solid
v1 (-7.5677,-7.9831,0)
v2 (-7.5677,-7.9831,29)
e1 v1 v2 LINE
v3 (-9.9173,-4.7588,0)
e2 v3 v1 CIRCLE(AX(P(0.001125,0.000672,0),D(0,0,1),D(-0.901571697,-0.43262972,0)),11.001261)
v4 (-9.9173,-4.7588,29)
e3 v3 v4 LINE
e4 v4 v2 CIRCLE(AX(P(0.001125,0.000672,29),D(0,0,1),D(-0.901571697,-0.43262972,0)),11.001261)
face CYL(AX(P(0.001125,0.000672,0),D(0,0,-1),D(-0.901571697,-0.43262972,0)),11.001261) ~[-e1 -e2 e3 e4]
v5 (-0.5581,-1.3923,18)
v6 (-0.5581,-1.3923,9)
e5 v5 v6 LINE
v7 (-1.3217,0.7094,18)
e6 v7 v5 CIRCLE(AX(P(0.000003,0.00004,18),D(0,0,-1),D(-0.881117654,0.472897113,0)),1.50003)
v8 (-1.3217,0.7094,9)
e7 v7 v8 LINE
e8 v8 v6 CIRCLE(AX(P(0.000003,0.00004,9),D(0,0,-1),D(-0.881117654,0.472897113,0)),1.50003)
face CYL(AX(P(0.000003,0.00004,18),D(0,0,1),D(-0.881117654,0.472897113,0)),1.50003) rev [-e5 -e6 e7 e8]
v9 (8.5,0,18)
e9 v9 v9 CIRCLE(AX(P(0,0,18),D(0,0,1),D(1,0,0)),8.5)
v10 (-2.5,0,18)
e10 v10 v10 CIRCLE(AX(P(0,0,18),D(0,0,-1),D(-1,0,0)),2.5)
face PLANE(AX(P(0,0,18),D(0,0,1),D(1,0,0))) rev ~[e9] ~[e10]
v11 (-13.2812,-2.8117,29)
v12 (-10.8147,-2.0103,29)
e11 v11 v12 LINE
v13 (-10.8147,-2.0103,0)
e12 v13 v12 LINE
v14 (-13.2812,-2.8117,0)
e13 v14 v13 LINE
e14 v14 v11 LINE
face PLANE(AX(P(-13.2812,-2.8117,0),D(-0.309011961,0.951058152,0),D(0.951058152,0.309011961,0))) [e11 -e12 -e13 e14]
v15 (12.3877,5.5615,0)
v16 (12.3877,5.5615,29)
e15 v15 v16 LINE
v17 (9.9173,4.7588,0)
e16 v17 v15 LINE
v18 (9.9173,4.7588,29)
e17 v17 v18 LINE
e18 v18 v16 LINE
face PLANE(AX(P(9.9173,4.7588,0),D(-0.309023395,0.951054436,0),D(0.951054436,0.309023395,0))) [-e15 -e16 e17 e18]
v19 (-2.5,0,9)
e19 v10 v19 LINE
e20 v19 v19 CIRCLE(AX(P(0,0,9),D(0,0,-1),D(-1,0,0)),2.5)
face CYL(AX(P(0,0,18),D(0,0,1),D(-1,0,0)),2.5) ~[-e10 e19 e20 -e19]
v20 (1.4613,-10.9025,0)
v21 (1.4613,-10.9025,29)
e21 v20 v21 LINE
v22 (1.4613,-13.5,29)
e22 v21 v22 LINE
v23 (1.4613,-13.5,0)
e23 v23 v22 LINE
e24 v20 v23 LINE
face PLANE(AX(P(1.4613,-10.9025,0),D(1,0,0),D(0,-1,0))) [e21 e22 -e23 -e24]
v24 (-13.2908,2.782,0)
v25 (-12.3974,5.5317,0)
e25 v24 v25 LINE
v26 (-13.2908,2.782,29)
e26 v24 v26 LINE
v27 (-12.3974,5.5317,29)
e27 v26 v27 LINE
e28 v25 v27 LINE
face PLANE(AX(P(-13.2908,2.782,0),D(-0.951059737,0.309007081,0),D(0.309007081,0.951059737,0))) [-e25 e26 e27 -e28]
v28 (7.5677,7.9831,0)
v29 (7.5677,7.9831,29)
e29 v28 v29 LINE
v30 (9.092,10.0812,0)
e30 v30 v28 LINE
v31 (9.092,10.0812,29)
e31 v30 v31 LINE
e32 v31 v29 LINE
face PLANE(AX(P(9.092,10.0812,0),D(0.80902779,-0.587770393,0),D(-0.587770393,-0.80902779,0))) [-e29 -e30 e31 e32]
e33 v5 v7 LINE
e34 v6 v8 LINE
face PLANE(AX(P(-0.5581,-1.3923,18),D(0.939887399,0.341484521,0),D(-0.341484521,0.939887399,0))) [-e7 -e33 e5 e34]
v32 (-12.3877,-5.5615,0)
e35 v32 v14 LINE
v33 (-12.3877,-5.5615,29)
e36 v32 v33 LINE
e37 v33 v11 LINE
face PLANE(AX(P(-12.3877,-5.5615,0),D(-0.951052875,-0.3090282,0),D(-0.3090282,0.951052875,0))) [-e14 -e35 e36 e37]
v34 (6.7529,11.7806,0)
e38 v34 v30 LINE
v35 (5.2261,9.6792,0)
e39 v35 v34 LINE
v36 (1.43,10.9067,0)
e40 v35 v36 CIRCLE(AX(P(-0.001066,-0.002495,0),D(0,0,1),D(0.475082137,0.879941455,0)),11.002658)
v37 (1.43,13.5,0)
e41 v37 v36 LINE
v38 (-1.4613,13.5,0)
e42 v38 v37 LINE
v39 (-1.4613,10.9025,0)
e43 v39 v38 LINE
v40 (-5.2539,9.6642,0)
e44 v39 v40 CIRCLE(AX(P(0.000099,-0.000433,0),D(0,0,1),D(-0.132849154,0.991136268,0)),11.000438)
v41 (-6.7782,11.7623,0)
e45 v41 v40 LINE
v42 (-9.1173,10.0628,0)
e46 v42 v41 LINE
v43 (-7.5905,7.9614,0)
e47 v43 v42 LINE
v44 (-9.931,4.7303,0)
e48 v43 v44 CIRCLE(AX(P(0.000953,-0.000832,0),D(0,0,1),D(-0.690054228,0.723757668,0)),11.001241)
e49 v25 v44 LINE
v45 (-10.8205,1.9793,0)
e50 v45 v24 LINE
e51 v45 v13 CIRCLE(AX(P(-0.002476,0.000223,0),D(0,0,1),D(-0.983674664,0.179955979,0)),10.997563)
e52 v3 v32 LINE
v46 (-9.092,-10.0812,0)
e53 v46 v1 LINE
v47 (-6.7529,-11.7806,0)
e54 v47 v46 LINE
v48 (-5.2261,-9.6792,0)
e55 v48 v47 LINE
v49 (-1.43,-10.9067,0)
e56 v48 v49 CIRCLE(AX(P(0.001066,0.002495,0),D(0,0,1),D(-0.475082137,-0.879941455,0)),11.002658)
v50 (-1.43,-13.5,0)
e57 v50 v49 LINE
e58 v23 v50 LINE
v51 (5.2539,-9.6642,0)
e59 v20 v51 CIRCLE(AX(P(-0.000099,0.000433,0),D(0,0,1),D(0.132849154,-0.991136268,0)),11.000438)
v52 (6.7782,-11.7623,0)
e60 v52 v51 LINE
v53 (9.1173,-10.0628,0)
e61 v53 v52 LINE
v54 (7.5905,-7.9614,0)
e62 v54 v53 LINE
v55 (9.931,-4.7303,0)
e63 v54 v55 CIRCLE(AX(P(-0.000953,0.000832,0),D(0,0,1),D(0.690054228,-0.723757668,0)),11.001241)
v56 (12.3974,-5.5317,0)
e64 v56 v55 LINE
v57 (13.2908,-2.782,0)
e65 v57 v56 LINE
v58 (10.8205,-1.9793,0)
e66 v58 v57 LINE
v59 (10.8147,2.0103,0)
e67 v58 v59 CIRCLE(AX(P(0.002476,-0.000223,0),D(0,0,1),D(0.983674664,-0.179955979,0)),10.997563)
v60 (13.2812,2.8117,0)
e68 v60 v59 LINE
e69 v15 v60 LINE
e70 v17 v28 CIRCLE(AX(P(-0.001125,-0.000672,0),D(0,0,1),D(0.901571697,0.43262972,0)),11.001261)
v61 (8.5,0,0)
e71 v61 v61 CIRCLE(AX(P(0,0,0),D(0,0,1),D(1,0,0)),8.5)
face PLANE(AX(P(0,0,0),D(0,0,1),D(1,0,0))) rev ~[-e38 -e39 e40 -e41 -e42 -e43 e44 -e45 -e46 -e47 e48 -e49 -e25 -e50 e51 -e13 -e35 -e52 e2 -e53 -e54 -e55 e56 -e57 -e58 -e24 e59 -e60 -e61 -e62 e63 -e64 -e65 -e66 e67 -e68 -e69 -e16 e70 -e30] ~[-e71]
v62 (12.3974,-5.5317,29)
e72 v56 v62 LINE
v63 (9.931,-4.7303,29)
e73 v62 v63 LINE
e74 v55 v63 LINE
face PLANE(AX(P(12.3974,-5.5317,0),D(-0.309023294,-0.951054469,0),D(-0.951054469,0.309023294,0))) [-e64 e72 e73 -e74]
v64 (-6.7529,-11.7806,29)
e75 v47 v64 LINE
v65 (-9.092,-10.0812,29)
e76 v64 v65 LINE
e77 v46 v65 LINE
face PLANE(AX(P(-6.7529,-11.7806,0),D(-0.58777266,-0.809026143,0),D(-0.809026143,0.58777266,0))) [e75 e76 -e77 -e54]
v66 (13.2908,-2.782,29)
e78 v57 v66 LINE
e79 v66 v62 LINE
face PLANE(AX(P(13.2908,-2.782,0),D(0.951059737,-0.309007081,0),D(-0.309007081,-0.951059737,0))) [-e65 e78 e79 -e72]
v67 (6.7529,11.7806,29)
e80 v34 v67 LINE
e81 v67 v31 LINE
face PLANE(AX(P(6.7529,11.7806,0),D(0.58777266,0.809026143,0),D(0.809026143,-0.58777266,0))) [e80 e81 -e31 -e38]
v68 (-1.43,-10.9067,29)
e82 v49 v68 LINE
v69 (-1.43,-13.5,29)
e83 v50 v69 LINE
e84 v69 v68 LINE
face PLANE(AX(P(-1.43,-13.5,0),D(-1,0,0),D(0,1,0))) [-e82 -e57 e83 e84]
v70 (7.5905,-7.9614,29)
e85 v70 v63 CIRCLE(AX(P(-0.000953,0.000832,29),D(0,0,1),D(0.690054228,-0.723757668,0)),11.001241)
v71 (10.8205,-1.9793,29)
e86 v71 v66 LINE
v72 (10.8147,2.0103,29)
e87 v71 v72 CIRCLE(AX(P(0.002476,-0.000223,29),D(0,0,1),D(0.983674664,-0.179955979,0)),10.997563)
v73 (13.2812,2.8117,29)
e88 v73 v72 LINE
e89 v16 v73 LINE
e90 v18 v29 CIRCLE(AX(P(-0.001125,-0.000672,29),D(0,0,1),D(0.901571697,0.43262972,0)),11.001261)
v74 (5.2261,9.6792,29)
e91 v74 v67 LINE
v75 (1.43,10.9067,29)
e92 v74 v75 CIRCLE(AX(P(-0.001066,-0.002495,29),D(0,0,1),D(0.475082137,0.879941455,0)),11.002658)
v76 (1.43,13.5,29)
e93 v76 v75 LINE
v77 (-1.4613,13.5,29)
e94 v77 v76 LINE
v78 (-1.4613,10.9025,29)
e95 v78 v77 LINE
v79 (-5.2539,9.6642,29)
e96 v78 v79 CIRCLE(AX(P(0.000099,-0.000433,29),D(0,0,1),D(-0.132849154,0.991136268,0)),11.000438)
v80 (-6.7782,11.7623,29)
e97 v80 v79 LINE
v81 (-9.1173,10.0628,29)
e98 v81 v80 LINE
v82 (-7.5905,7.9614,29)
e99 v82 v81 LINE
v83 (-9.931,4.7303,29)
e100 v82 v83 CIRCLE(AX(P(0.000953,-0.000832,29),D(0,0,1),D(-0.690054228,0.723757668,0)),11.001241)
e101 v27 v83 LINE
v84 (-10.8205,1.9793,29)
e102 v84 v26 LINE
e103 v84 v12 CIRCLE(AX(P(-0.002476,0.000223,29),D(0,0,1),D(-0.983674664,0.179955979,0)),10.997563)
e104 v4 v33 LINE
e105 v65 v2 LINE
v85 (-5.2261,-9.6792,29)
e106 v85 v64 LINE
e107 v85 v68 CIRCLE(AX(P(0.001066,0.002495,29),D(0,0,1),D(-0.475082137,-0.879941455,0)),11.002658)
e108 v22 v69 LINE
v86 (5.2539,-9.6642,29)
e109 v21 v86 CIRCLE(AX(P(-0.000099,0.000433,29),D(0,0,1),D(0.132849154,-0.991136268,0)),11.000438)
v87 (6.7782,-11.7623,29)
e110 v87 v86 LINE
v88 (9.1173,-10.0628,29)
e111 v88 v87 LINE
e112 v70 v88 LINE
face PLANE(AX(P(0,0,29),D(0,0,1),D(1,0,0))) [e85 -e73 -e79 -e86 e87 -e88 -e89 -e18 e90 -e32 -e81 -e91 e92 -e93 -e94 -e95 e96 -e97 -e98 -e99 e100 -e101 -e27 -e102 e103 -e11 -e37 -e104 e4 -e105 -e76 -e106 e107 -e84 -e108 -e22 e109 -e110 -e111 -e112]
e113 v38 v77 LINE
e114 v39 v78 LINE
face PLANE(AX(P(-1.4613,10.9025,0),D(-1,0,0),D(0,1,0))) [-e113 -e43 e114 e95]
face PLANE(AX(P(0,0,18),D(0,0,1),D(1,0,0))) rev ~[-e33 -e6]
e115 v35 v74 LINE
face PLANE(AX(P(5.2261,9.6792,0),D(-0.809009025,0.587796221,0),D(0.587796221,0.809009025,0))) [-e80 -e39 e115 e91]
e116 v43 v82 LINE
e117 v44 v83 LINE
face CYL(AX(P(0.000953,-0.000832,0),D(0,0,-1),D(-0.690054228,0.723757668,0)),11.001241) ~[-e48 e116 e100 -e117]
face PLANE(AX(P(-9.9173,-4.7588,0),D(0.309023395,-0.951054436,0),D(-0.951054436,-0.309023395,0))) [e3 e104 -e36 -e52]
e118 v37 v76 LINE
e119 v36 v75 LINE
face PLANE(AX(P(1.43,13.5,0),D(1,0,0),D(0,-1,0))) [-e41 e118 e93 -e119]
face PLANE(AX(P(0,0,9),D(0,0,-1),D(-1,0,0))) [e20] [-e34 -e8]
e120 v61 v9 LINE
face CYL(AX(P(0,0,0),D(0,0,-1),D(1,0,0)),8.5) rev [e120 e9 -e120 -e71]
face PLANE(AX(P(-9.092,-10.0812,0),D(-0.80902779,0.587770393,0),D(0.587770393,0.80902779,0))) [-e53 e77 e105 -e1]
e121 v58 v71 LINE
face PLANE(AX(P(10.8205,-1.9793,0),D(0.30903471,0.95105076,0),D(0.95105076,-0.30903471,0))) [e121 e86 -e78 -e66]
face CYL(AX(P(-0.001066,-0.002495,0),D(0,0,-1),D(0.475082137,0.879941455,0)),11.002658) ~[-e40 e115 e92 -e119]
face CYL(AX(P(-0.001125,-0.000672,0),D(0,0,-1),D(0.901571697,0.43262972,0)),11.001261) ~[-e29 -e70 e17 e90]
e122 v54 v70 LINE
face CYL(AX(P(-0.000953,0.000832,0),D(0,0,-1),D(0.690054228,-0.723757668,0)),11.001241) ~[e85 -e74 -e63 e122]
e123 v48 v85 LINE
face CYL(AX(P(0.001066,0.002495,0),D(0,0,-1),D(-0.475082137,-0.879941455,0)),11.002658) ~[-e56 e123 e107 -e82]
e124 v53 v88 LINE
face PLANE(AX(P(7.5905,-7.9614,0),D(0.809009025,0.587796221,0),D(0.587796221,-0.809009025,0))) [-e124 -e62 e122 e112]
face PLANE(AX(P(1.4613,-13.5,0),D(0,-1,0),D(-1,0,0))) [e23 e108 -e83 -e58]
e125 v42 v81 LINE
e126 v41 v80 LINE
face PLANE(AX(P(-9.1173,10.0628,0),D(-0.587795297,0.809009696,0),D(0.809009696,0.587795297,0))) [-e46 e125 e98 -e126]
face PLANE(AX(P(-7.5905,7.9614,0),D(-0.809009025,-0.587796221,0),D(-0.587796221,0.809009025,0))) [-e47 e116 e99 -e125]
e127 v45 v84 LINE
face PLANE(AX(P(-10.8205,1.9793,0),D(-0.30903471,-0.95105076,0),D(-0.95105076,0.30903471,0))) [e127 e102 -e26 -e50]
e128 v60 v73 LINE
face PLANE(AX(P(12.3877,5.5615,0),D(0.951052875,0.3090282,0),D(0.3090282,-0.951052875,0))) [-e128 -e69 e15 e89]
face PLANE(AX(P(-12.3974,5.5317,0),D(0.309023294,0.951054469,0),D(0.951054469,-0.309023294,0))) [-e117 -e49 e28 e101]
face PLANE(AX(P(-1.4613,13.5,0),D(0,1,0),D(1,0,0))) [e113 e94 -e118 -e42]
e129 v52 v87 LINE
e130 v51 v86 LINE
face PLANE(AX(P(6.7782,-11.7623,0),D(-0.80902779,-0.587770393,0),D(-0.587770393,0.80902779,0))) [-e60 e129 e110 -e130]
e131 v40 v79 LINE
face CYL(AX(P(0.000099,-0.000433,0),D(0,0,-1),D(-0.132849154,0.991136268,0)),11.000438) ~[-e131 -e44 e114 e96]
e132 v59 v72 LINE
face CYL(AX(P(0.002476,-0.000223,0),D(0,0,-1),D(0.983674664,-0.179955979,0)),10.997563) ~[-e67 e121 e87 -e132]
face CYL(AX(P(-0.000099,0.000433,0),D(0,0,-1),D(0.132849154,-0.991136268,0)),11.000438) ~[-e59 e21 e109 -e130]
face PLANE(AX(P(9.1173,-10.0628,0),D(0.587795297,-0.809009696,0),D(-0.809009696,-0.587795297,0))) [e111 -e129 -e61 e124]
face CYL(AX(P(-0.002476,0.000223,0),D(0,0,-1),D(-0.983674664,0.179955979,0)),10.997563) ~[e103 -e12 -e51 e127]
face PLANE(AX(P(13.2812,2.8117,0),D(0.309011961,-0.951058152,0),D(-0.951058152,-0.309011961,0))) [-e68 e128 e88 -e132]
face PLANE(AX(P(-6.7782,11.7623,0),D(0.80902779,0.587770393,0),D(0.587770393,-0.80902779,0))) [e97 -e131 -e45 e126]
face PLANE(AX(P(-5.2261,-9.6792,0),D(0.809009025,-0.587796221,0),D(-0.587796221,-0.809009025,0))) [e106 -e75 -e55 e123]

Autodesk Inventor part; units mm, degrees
ref_plane "YZ Plane" through (0, 0, 0) normal (1, 0, 0) x (0, 1, 0)
sketch "Sketch1" plane through (0, 0, 0) normal (0, 0, 1) x (1, 0, 0)
  circle A0 centre (0, 0) radius 17 construction
  circle A1 centre (0, 0) radius 8.5
  line L0 (-1.4613, 13.5) -> (1.43, 13.5)
  line L1 (1.43, 13.5) -> (1.43, 10.9067)
  line L2 (-1.4613, 10.9025) -> (-1.4613, 13.5)
  line L3 (-6.7782, 11.7623) -> (-5.2539, 9.6642)
  line L4 (-9.1173, 10.0628) -> (-6.7782, 11.7623)
  line L5 (-7.5905, 7.9614) -> (-9.1173, 10.0628)
  line L6 (-12.3974, 5.5317) -> (-9.931, 4.7303)
  line L7 (-13.2908, 2.782) -> (-12.3974, 5.5317)
  line L8 (-10.8205, 1.9793) -> (-13.2908, 2.782)
  line L9 (-13.2812, -2.8117) -> (-10.8147, -2.0103)
  line L10 (-12.3877, -5.5615) -> (-13.2812, -2.8117)
  line L11 (-9.9173, -4.7588) -> (-12.3877, -5.5615)
  line L12 (-9.092, -10.0812) -> (-7.5677, -7.9831)
  line L13 (-6.7529, -11.7806) -> (-9.092, -10.0812)
  line L14 (-5.2261, -9.6792) -> (-6.7529, -11.7806)
  line L15 (-1.43, -13.5) -> (-1.43, -10.9067)
  line L16 (1.4613, -13.5) -> (-1.43, -13.5)
  line L17 (1.4613, -10.9025) -> (1.4613, -13.5)
  line L18 (6.7782, -11.7623) -> (5.2539, -9.6642)
  line L19 (9.1173, -10.0628) -> (6.7782, -11.7623)
  line L20 (7.5905, -7.9614) -> (9.1173, -10.0628)
  line L21 (12.3974, -5.5317) -> (9.931, -4.7303)
  line L22 (13.2908, -2.782) -> (12.3974, -5.5317)
  line L23 (10.8205, -1.9793) -> (13.2908, -2.782)
  line L24 (13.2812, 2.8117) -> (10.8147, 2.0103)
  line L25 (12.3877, 5.5615) -> (13.2812, 2.8117)
  line L26 (9.9173, 4.7588) -> (12.3877, 5.5615)
  line L27 (9.092, 10.0812) -> (7.5677, 7.9831)
  line L28 (6.7529, 11.7806) -> (9.092, 10.0812)
  line L29 (5.2261, 9.6792) -> (6.7529, 11.7806)
  arc A2 (-1.4613, 10.9025) -> (-5.2539, 9.6642) centre (0, 0) ccw construction
  arc A3 (-1.4613, 10.9025) -> (-5.2539, 9.6642) centre (0, 0) ccw
  arc A4 (-7.5905, 7.9614) -> (-9.931, 4.7303) centre (0, 0) ccw
  arc A5 (-7.5905, 7.9614) -> (-9.931, 4.7303) centre (0, 0) ccw construction
  arc A6 (-10.8205, 1.9793) -> (-10.8147, -2.0103) centre (0, 0) ccw
  arc A7 (-10.8205, 1.9793) -> (-10.8147, -2.0103) centre (0, 0) ccw construction
  arc A8 (-9.9173, -4.7588) -> (-7.5677, -7.9831) centre (0, 0) ccw
  arc A9 (-9.9173, -4.7588) -> (-7.5677, -7.9831) centre (0, 0) ccw construction
  arc A10 (5.2261, 9.6792) -> (1.43, 10.9067) centre (0, 0) ccw construction
  arc A11 (5.2261, 9.6792) -> (1.43, 10.9067) centre (0, 0) ccw
  arc A12 (10.8205, -1.9793) -> (10.8147, 2.0103) centre (0, 0) ccw
  arc A13 (10.8205, -1.9793) -> (10.8147, 2.0103) centre (0, 0) ccw construction
  arc A14 (7.5905, -7.9614) -> (9.931, -4.7303) centre (0, 0) ccw
  arc A15 (7.5905, -7.9614) -> (9.931, -4.7303) centre (0, 0) ccw construction
  arc A16 (-5.2261, -9.6792) -> (-1.43, -10.9067) centre (0, 0) ccw
  arc A17 (1.4613, -10.9025) -> (5.2539, -9.6642) centre (0, 0) ccw
  arc A18 (-5.2261, -9.6792) -> (-1.43, -10.9067) centre (0, 0) ccw construction
  arc A19 (1.4613, -10.9025) -> (5.2539, -9.6642) centre (0, 0) ccw construction
  arc A20 (9.9173, 4.7588) -> (7.5677, 7.9831) centre (0, 0) ccw
  dimension "d5" = 360
  dimension "d14" = 5
  dimension "d15" = 11
  dimension "d16" = 34
  dimension "d17" = 17
  dimension "d24" = 2.5933
  dimension "d25" = 2.8912
extrude "Extrusion1" add sketch "Sketch1" along normal blind 29
sketch "Sketch2" plane through (0, 0, 29) normal (0, 0, 1) x (1, 0, 0)
  line L0 (-5.2539, 9.6642) -> (-6.7782, 11.7623) projected
  line L1 (-6.7782, 11.7623) -> (-9.1173, 10.0628) projected
  line L2 (-9.1173, 10.0628) -> (-7.5905, 7.9614) projected
  arc A0 (-7.5905, 7.9614) -> (-9.931, 4.7303) centre (0, 0) ccw projected
  line L3 (-9.931, 4.7303) -> (-12.3974, 5.5317) projected
  line L4 (-12.3974, 5.5317) -> (-13.2908, 2.782) projected
  line L5 (-13.2908, 2.782) -> (-10.8205, 1.9793) projected
  arc A1 (-10.8205, 1.9793) -> (-10.8147, -2.0103) centre (0, 0) ccw projected
  line L6 (-10.8147, -2.0103) -> (-13.2812, -2.8117) projected
  line L7 (-13.2812, -2.8117) -> (-12.3877, -5.5615) projected
  line L8 (-12.3877, -5.5615) -> (-9.9173, -4.7588) projected
  arc A2 (-9.9173, -4.7588) -> (-7.5677, -7.9831) centre (0, 0) ccw projected
  line L9 (-7.5677, -7.9831) -> (-9.092, -10.0812) projected
  line L10 (-9.092, -10.0812) -> (-6.7529, -11.7806) projected
  line L11 (-6.7529, -11.7806) -> (-5.2261, -9.6792) projected
  arc A3 (-5.2261, -9.6792) -> (-1.43, -10.9067) centre (0, 0) ccw projected
  line L12 (-1.43, -10.9067) -> (-1.43, -13.5) projected
  line L13 (-1.43, -13.5) -> (1.4613, -13.5) projected
  line L14 (1.4613, -13.5) -> (1.4613, -10.9025) projected
  arc A4 (1.4613, -10.9025) -> (5.2539, -9.6642) centre (0, 0) ccw projected
  line L15 (5.2539, -9.6642) -> (6.7782, -11.7623) projected
  line L16 (6.7782, -11.7623) -> (9.1173, -10.0628) projected
  line L17 (9.1173, -10.0628) -> (7.5905, -7.9614) projected
  arc A5 (7.5905, -7.9614) -> (9.931, -4.7303) centre (0, 0) ccw projected
  line L18 (9.931, -4.7303) -> (12.3974, -5.5317) projected
  line L19 (12.3974, -5.5317) -> (13.2908, -2.782) projected
  line L20 (13.2908, -2.782) -> (10.8205, -1.9793) projected
  arc A6 (10.8205, -1.9793) -> (10.8147, 2.0103) centre (0, 0) ccw projected
  line L21 (10.8147, 2.0103) -> (13.2812, 2.8117) projected
  line L22 (13.2812, 2.8117) -> (12.3877, 5.5615) projected
  line L23 (12.3877, 5.5615) -> (9.9173, 4.7588) projected
  arc A7 (9.9173, 4.7588) -> (7.5677, 7.9831) centre (0, 0) ccw projected
  line L24 (7.5677, 7.9831) -> (9.092, 10.0812) projected
  line L25 (9.092, 10.0812) -> (6.7529, 11.7806) projected
  line L26 (6.7529, 11.7806) -> (5.2261, 9.6792) projected
  arc A8 (5.2261, 9.6792) -> (1.43, 10.9067) centre (0, 0) ccw projected
  line L27 (1.43, 10.9067) -> (1.43, 13.5) projected
  line L28 (1.43, 13.5) -> (-1.4613, 13.5) projected
  line L29 (-1.4613, 13.5) -> (-1.4613, 10.9025) projected
  arc A9 (-1.4613, 10.9025) -> (-5.2539, 9.6642) centre (0, 0) ccw projected
  circle A10 centre (0, 0) radius 8.5 projected
  circle A11 centre (0, 0) radius 8.5
extrude "Extrusion2" add sketch "Sketch2" against normal blind 11 contours A10
sketch "Sketch3" plane through (0, 0, 18) normal (0, 0, -1) x (-1, 0, 0)
  arc A0 (1.3217, 0.7094) -> (0.5581, -1.3923) centre (0, 0) ccw
  line L0 (0.5581, -1.3923) -> (1.3217, 0.7094)
  circle A1 centre (0, 0) radius 2.5
  point P0 (0, 0)
  dimension "d11" = 5
extrude "Extrusion3" add sketch "Sketch3" along normal blind 9
ref_plane "Work Plane1" through (-0.4516, -1.3897, 0) normal (-0.9511, 0.309, 0) x (0, 0, 1)
sketch "Sketch4" plane through (-0.4516, -1.3897, 0) normal (-0.9511, 0.309, 0) x (0, 0, 1)
  line L0 (31.9338, 1.727) -> (-3.3978, 1.727) construction
  point P0 (0, 1.4613)
ref_plane "Work Plane2" through (0, 0, 29) normal (0, 0, 1) x (1, 0, 0)
properties part number "felga"
